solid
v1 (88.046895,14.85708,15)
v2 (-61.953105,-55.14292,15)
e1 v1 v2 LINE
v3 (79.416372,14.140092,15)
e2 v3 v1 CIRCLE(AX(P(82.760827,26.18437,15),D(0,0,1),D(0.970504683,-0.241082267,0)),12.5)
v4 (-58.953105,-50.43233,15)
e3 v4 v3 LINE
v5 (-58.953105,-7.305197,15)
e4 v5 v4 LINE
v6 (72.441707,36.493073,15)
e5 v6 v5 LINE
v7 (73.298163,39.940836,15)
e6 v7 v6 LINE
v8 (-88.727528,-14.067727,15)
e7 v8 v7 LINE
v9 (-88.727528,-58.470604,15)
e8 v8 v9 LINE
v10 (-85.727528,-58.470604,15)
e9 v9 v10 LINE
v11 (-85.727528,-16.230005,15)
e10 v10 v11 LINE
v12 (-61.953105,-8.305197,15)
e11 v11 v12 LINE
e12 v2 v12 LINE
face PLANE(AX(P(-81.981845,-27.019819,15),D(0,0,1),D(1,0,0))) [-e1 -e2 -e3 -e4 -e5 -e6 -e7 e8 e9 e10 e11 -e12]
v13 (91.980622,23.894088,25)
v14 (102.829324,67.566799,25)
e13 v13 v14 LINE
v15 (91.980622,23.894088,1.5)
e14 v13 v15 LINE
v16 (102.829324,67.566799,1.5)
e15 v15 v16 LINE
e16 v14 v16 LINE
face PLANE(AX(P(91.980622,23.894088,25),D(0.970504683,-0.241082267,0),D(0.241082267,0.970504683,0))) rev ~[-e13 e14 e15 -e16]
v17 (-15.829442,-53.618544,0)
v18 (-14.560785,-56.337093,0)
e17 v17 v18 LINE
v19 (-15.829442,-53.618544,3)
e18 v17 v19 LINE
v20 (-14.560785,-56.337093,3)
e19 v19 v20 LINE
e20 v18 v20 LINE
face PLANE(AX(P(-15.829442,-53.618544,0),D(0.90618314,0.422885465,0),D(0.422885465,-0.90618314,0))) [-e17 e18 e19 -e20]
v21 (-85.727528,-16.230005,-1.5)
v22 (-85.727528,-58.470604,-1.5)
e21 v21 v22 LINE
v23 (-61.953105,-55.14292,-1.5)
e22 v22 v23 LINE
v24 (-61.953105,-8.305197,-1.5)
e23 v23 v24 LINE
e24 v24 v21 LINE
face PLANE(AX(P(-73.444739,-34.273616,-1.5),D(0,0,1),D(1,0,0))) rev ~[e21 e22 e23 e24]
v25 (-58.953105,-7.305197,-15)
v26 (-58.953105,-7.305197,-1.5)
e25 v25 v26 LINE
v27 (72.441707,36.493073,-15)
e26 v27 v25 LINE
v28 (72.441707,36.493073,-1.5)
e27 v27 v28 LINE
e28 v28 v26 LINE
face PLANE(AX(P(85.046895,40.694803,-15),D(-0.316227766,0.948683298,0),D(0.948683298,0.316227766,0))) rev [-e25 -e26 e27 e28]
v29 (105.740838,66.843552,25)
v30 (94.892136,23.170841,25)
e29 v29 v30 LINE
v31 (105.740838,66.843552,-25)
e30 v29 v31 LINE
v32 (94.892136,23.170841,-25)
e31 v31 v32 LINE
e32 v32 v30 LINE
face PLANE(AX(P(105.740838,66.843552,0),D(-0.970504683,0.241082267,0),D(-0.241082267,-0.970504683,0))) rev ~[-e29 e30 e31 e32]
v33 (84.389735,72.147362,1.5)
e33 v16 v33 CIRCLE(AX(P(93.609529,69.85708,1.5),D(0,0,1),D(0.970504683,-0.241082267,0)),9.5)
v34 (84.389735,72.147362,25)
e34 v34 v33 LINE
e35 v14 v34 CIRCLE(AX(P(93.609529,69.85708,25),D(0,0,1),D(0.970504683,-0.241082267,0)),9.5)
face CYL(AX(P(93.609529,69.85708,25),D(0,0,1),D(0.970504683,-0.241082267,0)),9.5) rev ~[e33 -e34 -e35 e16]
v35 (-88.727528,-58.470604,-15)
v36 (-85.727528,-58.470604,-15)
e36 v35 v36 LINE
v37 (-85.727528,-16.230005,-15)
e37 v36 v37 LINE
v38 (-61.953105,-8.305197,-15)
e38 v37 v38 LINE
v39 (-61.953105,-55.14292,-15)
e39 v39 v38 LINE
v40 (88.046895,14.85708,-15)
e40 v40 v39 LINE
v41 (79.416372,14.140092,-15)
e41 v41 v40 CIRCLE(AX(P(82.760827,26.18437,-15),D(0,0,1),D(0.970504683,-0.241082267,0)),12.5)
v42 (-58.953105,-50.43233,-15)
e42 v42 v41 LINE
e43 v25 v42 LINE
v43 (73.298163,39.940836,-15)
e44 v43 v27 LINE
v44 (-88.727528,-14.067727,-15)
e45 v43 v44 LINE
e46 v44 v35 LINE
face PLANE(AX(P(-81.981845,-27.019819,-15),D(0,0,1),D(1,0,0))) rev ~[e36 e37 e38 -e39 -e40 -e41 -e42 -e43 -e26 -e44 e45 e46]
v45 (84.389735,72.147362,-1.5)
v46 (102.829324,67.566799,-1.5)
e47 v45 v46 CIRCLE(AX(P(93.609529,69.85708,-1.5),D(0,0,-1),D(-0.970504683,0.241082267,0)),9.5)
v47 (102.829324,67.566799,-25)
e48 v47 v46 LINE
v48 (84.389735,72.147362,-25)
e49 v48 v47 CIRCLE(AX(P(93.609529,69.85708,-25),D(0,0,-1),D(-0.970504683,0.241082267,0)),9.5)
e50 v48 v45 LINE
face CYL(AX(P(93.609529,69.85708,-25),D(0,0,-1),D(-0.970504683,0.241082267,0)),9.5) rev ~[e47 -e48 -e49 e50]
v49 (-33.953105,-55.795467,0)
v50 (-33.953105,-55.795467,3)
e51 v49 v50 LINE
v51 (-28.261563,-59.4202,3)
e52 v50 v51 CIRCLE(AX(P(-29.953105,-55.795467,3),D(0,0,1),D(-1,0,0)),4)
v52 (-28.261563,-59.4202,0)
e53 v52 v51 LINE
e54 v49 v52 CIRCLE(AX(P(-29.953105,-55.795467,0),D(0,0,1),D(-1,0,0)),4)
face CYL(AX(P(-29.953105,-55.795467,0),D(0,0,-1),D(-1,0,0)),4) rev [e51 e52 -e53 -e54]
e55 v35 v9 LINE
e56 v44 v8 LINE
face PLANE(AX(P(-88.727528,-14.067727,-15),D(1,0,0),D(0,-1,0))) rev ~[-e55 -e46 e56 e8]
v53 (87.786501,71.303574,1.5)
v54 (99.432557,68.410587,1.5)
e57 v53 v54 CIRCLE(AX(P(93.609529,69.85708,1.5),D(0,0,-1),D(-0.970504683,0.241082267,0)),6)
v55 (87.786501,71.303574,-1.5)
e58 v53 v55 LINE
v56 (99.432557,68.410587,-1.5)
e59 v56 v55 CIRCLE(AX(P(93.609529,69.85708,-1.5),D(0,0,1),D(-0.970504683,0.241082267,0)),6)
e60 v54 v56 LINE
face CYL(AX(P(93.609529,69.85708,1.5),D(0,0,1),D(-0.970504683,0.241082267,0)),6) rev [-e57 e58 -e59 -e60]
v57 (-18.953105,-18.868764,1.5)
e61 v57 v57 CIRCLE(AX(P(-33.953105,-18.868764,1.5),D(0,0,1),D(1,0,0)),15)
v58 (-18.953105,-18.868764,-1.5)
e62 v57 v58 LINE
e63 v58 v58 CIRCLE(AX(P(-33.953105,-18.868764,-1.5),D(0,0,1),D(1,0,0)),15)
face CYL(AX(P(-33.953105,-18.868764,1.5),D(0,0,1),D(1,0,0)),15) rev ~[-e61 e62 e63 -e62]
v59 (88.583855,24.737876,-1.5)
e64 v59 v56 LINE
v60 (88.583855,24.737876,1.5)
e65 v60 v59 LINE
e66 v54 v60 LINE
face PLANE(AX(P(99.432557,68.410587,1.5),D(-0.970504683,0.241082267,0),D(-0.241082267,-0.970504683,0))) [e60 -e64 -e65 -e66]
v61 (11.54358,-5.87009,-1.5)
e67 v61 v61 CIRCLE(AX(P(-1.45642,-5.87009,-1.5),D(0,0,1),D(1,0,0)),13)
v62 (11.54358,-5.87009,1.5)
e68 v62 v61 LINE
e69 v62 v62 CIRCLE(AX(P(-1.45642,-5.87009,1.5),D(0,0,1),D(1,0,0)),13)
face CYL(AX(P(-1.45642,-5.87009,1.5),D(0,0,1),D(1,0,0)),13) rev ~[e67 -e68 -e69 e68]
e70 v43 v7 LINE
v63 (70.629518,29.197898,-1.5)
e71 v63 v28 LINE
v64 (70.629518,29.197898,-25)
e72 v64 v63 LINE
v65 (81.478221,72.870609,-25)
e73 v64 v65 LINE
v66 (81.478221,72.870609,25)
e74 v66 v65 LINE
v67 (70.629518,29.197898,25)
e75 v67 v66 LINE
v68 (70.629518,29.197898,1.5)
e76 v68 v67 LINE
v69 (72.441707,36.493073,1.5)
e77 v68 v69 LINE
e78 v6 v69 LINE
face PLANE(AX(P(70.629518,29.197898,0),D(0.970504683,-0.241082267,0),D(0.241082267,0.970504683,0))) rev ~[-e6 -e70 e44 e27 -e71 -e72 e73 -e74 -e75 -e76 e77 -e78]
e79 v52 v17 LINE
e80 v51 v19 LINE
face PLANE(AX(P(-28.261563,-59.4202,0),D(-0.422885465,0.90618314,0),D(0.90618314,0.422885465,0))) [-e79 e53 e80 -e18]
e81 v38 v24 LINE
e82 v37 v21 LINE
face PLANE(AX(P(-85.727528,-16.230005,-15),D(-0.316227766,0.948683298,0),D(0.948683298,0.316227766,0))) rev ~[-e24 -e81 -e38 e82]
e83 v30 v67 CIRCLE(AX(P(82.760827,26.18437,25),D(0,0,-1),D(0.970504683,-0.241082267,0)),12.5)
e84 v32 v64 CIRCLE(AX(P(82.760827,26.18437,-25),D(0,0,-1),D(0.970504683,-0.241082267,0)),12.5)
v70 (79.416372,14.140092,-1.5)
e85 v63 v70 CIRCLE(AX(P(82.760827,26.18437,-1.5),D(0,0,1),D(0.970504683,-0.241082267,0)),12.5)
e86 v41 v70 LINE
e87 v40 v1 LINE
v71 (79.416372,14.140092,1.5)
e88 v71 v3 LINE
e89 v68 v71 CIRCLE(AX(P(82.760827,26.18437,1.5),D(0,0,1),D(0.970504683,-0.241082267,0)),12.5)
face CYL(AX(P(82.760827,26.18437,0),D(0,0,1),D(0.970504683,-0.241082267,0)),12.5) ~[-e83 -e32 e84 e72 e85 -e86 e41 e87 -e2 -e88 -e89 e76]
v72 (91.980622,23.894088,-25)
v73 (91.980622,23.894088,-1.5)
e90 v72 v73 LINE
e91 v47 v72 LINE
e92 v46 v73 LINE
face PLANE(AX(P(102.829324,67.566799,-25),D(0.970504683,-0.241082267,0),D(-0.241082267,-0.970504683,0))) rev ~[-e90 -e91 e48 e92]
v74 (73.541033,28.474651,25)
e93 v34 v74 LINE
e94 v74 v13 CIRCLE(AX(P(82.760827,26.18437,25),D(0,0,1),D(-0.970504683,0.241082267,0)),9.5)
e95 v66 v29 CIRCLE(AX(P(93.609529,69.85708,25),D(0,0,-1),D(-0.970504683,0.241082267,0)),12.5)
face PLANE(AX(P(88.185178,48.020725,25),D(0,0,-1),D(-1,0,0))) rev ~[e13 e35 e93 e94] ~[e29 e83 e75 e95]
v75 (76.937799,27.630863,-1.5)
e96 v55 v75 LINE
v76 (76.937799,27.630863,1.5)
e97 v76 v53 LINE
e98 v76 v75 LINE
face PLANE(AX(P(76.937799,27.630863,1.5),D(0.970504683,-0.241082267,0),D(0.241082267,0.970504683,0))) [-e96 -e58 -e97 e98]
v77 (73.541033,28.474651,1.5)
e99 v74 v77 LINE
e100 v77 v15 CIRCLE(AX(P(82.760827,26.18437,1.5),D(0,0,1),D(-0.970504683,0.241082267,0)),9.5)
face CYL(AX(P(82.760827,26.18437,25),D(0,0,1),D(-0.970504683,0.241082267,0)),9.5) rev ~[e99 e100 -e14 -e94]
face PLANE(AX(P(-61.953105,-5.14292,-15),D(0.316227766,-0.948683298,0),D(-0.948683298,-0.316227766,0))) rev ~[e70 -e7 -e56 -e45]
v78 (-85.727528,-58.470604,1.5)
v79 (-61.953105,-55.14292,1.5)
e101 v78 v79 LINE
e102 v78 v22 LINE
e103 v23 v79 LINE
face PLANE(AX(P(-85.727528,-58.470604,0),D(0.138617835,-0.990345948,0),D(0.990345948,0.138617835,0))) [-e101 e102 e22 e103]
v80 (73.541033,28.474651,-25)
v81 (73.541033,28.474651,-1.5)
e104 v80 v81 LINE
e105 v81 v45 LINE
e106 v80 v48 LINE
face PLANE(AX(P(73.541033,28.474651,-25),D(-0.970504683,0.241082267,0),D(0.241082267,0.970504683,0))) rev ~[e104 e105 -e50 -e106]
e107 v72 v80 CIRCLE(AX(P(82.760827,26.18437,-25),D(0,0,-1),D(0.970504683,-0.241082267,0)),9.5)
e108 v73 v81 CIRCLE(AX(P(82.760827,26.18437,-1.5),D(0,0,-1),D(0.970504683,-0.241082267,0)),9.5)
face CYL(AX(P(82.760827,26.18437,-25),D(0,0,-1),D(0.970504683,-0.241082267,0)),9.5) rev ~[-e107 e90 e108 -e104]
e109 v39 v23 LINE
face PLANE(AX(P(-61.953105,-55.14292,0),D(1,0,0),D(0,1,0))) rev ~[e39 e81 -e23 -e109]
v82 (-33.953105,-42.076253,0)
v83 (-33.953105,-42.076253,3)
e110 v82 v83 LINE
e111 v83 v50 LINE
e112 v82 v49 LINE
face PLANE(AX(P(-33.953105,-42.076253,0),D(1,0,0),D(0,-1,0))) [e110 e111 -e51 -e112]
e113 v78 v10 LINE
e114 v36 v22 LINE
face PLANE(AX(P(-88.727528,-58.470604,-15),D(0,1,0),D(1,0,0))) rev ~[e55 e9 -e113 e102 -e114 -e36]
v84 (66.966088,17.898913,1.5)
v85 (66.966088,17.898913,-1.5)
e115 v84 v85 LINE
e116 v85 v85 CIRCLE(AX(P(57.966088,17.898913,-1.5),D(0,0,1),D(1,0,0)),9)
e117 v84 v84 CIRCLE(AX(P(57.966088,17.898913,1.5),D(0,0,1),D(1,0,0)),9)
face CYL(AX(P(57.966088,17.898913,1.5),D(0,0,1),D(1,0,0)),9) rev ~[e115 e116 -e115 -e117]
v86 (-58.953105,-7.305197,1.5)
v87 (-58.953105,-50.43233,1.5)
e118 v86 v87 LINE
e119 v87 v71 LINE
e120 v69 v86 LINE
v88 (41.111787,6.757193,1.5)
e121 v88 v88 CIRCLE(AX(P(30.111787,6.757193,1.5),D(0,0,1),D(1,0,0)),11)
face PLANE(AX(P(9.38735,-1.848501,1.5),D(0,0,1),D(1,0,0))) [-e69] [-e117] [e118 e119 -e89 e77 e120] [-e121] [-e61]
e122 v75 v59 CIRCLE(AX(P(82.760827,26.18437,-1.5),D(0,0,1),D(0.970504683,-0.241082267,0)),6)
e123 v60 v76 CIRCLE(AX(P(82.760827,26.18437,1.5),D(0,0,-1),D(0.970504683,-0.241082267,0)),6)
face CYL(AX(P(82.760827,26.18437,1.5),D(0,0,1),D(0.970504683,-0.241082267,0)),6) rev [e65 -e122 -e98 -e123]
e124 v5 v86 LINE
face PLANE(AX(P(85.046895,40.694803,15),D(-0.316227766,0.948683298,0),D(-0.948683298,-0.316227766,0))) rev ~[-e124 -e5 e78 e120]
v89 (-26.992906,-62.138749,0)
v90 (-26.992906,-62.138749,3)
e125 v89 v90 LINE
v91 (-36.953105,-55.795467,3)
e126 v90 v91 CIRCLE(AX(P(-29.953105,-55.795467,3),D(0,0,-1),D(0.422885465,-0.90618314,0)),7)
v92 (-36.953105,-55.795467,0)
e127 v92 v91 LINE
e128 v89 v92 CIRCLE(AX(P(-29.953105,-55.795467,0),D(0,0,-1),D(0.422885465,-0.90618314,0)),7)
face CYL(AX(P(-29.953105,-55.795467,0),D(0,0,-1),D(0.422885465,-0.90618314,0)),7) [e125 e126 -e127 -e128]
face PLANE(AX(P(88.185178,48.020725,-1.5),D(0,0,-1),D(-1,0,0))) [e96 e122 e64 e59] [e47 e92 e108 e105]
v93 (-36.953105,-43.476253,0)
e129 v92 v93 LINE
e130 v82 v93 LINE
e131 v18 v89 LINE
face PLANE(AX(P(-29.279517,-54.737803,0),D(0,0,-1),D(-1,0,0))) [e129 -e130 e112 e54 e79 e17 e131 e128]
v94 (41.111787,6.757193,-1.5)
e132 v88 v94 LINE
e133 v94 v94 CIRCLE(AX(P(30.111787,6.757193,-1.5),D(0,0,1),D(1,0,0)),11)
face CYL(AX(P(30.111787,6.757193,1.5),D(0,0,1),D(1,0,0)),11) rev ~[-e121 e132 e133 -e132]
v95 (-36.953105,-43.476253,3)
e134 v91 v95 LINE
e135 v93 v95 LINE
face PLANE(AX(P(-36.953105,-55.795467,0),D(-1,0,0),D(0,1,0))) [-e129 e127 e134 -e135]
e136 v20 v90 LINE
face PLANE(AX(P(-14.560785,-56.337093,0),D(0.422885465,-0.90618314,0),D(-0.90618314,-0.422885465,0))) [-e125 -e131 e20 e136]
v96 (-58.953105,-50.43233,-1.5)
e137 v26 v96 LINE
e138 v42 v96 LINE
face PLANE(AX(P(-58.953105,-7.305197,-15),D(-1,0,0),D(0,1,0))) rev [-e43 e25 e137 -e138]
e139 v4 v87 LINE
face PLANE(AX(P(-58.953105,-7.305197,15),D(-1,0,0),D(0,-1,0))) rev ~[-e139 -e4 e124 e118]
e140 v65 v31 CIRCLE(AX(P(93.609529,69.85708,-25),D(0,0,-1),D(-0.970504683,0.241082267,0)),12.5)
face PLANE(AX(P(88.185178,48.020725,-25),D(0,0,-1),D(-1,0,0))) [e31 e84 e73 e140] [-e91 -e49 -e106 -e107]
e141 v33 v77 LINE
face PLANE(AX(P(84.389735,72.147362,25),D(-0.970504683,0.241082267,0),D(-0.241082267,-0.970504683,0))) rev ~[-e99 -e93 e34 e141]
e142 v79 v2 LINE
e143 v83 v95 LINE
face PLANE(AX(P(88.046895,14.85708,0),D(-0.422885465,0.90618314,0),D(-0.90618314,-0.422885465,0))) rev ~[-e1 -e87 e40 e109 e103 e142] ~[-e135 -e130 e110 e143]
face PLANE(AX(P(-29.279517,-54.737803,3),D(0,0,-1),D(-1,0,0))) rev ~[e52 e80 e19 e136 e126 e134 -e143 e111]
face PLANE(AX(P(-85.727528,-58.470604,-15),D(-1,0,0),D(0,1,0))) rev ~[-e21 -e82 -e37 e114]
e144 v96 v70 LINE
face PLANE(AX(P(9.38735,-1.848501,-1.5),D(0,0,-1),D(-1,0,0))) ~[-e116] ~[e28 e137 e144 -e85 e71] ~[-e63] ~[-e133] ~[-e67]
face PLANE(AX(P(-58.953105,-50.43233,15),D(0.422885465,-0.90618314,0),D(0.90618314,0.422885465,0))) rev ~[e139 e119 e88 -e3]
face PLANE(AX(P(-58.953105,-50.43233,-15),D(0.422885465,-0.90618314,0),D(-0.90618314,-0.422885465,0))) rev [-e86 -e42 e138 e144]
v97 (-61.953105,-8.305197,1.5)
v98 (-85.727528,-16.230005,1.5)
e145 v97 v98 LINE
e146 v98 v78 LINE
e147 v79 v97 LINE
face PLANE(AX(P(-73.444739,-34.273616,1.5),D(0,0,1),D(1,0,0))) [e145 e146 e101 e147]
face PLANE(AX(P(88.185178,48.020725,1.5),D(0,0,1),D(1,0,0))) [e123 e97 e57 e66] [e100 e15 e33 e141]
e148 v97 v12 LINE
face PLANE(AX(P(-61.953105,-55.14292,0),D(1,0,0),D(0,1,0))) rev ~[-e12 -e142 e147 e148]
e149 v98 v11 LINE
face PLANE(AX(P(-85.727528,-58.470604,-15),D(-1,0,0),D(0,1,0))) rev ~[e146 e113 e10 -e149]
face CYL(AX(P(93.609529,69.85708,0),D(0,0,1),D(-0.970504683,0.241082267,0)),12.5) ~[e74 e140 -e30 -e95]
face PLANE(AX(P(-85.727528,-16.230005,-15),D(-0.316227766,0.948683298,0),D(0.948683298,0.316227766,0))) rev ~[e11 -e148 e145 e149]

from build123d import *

# Parameters (mm, degrees)
ESTRUSIONE_ESTRUSIONE1_DEPTH = 15
TAGLIO_ESTRUSIONE1_DEPTH     = 13.5
SCHIZZO3_R                   = 15
SCHIZZO3_R_2                 = 13
SCHIZZO3_R_3                 = 11
SCHIZZO3_R_4                 = 9
TAGLIO_ESTRUSIONE2_DEPTH     = 17.5
ESTRUSIONE_ESTRUSIONE3_DEPTH = 25
TAGLIO_ESTRUSIONE4_DEPTH     = 23.5
TAGLIO_ESTRUSIONE5_DEPTH     = 23.5
TAGLIO_ESTRUSIONE6_DEPTH     = 27.5
ESTRUSIONE_SOTTILE2_START    = -15
ESTRUSIONE_SOTTILE2_DEPTH    = 30
ESTRUSIONE_ESTRUSIONE4_DEPTH = 1.5
ESTRUSIONE_SOTTILE3_DEPTH    = 3


with BuildPart() as part:
    # Schizzo1 → Estrusione-Estrusione1 (new body, symmetric)
    with BuildSketch(Plane.XY):
        Polygon((-61.953104657, -55.142919533), (-61.953104657, -5.142919533), (88.046895343, 44.857080467), (88.046895343, 14.857080467), align=None)
    extrude(amount=ESTRUSIONE_ESTRUSIONE1_DEPTH, both=True)

    # Schizzo2 → Taglio-Estrusione1 (cut)
    with BuildSketch(Plane.XY.offset(15)):
        Polygon((85.046895343, 16.767669539), (85.046895343, 40.694802807), (-58.953104657, -7.305197193), (-58.953104657, -50.432330461), align=None)
    taglio_estrusione1 = extrude(amount=-TAGLIO_ESTRUSIONE1_DEPTH, mode=Mode.SUBTRACT)

    # Specchia1: Taglio-Estrusione1 across plane
    add(taglio_estrusione1.mirror(Plane.XY), mode=Mode.SUBTRACT)

    # Schizzo3 → Taglio-Estrusione2 (cut, through all)
    with BuildSketch(Plane.XY.offset(1.5)):
        with Locations((-33.953104657, -18.868763827)):
            Circle(SCHIZZO3_R)
        with Locations((-1.456420476, -5.870090155)):
            Circle(SCHIZZO3_R_2)
        with Locations((30.111787014, 6.757192842)):
            Circle(SCHIZZO3_R_3)
        with Locations((57.966087741, 17.898913132)):
            Circle(SCHIZZO3_R_4)
    extrude(amount=-TAGLIO_ESTRUSIONE2_DEPTH, mode=Mode.SUBTRACT)

    # Schizzo4 → Estrusione-Estrusione3 (add, symmetric)
    with BuildSketch(Plane.XY):
        with BuildLine():
            Line((70.629518485, 29.197898059), (81.478220515, 72.870608809))
            ThreePointArc((81.478220515, 72.870608809), (96.623057398, 81.988389009), (105.740837598, 66.843552126))
            Line((105.740837598, 66.843552126), (94.892135568, 23.170841376))
            ThreePointArc((94.892135568, 23.170841376), (79.747298685, 14.053061176), (70.629518485, 29.197898059))
        make_face()
    extrude(amount=ESTRUSIONE_ESTRUSIONE3_DEPTH, both=True)

    # Schizzo5 → Taglio-Estrusione4 (cut)
    with BuildSketch(Plane.XY.offset(25)):
        with BuildLine():
            Line((91.980621518, 23.894088178), (102.829323548, 67.566798928))
            ThreePointArc((102.829323548, 67.566798928), (95.899810596, 79.076874959), (84.389734565, 72.147362007))
            Line((84.389734565, 72.147362007), (73.541032535, 28.474651257))
            ThreePointArc((73.541032535, 28.474651257), (80.470545487, 16.964575226), (91.980621518, 23.894088178))
        make_face()
    extrude(amount=-TAGLIO_ESTRUSIONE4_DEPTH, mode=Mode.SUBTRACT)

    # Schizzo6 → Taglio-Estrusione5 (cut)
    with BuildSketch(Plane(origin=(0, 0, -25), x_dir=(-1, 0, 0), z_dir=(0, 0, -1))):
        with BuildLine():
            Line((-73.541032535, 28.474651257), (-84.389734565, 72.147362007))
            ThreePointArc((-84.389734565, 72.147362007), (-95.899810596, 79.076874959), (-102.829323548, 67.566798928))
            Line((-102.829323548, 67.566798928), (-91.980621518, 23.894088178))
            ThreePointArc((-91.980621518, 23.894088178), (-80.470545487, 16.964575226), (-73.541032535, 28.474651257))
        make_face()
    extrude(amount=-TAGLIO_ESTRUSIONE5_DEPTH, mode=Mode.SUBTRACT)

    # Schizzo7 → Taglio-Estrusione6 (cut, through all)
    with BuildSketch(Plane.XY.offset(1.5)):
        with BuildLine():
            Line((76.937798926, 27.630863321), (87.786500957, 71.303574071))
            ThreePointArc((87.786500957, 71.303574071), (95.056022661, 75.680108567), (99.432557157, 68.410586863))
            Line((99.432557157, 68.410586863), (88.583855126, 24.737876113))
            ThreePointArc((88.583855126, 24.737876113), (81.314333422, 20.361341617), (76.937798926, 27.630863321))
        make_face()
    extrude(amount=-TAGLIO_ESTRUSIONE6_DEPTH, mode=Mode.SUBTRACT)

    # Schizzo8 → Estrusione-Sottile2 (add)
    with BuildSketch(Plane.XY.offset(ESTRUSIONE_SOTTILE2_START)):
        Polygon((-61.953104657, -5.142919533), (-88.727527571, -14.067727171), (-88.727527571, -58.470604197), (-85.727527571, -58.470604197), (-85.727527571, -16.230004831), (-61.004421359, -7.988969427), align=None)
    extrude(amount=ESTRUSIONE_SOTTILE2_DEPTH)

    # Schizzo9 → Estrusione-Estrusione4 (add, symmetric)
    with BuildSketch(Plane.XY):
        Polygon((-85.727527571, -58.470604197), (-61.953104657, -55.142919533), (-61.953104657, -8.305197193), (-85.727527571, -16.230004831), align=None)
    extrude(amount=ESTRUSIONE_ESTRUSIONE4_DEPTH, both=True)

    # Schizzo11 → Estrusione-Sottile3 (add)
    with BuildSketch(Plane.XY):
        with BuildLine():
            Line((-33.953104657, -42.076252866), (-33.953104657, -55.795467437))
            ThreePointArc((-33.953104657, -55.795467437), (-32.101805724, -59.169350026), (-28.261562796, -59.420199997))
            Line((-28.261562796, -59.420199997), (-15.829441857, -53.618543559))
            Line((-15.829441857, -53.618543559), (-14.560785461, -56.337092979))
            Line((-14.560785461, -56.337092979), (-26.9929064, -62.138749417))
            ThreePointArc((-26.9929064, -62.138749417), (-33.713331525, -61.699761968), (-36.953104657, -55.795467437))
            Line((-36.953104657, -55.795467437), (-36.953104657, -42.076252866))
            Line((-36.953104657, -42.076252866), (-33.953104657, -42.076252866))
        make_face()
    extrude(amount=ESTRUSIONE_SOTTILE3_DEPTH)


solid = part.part
